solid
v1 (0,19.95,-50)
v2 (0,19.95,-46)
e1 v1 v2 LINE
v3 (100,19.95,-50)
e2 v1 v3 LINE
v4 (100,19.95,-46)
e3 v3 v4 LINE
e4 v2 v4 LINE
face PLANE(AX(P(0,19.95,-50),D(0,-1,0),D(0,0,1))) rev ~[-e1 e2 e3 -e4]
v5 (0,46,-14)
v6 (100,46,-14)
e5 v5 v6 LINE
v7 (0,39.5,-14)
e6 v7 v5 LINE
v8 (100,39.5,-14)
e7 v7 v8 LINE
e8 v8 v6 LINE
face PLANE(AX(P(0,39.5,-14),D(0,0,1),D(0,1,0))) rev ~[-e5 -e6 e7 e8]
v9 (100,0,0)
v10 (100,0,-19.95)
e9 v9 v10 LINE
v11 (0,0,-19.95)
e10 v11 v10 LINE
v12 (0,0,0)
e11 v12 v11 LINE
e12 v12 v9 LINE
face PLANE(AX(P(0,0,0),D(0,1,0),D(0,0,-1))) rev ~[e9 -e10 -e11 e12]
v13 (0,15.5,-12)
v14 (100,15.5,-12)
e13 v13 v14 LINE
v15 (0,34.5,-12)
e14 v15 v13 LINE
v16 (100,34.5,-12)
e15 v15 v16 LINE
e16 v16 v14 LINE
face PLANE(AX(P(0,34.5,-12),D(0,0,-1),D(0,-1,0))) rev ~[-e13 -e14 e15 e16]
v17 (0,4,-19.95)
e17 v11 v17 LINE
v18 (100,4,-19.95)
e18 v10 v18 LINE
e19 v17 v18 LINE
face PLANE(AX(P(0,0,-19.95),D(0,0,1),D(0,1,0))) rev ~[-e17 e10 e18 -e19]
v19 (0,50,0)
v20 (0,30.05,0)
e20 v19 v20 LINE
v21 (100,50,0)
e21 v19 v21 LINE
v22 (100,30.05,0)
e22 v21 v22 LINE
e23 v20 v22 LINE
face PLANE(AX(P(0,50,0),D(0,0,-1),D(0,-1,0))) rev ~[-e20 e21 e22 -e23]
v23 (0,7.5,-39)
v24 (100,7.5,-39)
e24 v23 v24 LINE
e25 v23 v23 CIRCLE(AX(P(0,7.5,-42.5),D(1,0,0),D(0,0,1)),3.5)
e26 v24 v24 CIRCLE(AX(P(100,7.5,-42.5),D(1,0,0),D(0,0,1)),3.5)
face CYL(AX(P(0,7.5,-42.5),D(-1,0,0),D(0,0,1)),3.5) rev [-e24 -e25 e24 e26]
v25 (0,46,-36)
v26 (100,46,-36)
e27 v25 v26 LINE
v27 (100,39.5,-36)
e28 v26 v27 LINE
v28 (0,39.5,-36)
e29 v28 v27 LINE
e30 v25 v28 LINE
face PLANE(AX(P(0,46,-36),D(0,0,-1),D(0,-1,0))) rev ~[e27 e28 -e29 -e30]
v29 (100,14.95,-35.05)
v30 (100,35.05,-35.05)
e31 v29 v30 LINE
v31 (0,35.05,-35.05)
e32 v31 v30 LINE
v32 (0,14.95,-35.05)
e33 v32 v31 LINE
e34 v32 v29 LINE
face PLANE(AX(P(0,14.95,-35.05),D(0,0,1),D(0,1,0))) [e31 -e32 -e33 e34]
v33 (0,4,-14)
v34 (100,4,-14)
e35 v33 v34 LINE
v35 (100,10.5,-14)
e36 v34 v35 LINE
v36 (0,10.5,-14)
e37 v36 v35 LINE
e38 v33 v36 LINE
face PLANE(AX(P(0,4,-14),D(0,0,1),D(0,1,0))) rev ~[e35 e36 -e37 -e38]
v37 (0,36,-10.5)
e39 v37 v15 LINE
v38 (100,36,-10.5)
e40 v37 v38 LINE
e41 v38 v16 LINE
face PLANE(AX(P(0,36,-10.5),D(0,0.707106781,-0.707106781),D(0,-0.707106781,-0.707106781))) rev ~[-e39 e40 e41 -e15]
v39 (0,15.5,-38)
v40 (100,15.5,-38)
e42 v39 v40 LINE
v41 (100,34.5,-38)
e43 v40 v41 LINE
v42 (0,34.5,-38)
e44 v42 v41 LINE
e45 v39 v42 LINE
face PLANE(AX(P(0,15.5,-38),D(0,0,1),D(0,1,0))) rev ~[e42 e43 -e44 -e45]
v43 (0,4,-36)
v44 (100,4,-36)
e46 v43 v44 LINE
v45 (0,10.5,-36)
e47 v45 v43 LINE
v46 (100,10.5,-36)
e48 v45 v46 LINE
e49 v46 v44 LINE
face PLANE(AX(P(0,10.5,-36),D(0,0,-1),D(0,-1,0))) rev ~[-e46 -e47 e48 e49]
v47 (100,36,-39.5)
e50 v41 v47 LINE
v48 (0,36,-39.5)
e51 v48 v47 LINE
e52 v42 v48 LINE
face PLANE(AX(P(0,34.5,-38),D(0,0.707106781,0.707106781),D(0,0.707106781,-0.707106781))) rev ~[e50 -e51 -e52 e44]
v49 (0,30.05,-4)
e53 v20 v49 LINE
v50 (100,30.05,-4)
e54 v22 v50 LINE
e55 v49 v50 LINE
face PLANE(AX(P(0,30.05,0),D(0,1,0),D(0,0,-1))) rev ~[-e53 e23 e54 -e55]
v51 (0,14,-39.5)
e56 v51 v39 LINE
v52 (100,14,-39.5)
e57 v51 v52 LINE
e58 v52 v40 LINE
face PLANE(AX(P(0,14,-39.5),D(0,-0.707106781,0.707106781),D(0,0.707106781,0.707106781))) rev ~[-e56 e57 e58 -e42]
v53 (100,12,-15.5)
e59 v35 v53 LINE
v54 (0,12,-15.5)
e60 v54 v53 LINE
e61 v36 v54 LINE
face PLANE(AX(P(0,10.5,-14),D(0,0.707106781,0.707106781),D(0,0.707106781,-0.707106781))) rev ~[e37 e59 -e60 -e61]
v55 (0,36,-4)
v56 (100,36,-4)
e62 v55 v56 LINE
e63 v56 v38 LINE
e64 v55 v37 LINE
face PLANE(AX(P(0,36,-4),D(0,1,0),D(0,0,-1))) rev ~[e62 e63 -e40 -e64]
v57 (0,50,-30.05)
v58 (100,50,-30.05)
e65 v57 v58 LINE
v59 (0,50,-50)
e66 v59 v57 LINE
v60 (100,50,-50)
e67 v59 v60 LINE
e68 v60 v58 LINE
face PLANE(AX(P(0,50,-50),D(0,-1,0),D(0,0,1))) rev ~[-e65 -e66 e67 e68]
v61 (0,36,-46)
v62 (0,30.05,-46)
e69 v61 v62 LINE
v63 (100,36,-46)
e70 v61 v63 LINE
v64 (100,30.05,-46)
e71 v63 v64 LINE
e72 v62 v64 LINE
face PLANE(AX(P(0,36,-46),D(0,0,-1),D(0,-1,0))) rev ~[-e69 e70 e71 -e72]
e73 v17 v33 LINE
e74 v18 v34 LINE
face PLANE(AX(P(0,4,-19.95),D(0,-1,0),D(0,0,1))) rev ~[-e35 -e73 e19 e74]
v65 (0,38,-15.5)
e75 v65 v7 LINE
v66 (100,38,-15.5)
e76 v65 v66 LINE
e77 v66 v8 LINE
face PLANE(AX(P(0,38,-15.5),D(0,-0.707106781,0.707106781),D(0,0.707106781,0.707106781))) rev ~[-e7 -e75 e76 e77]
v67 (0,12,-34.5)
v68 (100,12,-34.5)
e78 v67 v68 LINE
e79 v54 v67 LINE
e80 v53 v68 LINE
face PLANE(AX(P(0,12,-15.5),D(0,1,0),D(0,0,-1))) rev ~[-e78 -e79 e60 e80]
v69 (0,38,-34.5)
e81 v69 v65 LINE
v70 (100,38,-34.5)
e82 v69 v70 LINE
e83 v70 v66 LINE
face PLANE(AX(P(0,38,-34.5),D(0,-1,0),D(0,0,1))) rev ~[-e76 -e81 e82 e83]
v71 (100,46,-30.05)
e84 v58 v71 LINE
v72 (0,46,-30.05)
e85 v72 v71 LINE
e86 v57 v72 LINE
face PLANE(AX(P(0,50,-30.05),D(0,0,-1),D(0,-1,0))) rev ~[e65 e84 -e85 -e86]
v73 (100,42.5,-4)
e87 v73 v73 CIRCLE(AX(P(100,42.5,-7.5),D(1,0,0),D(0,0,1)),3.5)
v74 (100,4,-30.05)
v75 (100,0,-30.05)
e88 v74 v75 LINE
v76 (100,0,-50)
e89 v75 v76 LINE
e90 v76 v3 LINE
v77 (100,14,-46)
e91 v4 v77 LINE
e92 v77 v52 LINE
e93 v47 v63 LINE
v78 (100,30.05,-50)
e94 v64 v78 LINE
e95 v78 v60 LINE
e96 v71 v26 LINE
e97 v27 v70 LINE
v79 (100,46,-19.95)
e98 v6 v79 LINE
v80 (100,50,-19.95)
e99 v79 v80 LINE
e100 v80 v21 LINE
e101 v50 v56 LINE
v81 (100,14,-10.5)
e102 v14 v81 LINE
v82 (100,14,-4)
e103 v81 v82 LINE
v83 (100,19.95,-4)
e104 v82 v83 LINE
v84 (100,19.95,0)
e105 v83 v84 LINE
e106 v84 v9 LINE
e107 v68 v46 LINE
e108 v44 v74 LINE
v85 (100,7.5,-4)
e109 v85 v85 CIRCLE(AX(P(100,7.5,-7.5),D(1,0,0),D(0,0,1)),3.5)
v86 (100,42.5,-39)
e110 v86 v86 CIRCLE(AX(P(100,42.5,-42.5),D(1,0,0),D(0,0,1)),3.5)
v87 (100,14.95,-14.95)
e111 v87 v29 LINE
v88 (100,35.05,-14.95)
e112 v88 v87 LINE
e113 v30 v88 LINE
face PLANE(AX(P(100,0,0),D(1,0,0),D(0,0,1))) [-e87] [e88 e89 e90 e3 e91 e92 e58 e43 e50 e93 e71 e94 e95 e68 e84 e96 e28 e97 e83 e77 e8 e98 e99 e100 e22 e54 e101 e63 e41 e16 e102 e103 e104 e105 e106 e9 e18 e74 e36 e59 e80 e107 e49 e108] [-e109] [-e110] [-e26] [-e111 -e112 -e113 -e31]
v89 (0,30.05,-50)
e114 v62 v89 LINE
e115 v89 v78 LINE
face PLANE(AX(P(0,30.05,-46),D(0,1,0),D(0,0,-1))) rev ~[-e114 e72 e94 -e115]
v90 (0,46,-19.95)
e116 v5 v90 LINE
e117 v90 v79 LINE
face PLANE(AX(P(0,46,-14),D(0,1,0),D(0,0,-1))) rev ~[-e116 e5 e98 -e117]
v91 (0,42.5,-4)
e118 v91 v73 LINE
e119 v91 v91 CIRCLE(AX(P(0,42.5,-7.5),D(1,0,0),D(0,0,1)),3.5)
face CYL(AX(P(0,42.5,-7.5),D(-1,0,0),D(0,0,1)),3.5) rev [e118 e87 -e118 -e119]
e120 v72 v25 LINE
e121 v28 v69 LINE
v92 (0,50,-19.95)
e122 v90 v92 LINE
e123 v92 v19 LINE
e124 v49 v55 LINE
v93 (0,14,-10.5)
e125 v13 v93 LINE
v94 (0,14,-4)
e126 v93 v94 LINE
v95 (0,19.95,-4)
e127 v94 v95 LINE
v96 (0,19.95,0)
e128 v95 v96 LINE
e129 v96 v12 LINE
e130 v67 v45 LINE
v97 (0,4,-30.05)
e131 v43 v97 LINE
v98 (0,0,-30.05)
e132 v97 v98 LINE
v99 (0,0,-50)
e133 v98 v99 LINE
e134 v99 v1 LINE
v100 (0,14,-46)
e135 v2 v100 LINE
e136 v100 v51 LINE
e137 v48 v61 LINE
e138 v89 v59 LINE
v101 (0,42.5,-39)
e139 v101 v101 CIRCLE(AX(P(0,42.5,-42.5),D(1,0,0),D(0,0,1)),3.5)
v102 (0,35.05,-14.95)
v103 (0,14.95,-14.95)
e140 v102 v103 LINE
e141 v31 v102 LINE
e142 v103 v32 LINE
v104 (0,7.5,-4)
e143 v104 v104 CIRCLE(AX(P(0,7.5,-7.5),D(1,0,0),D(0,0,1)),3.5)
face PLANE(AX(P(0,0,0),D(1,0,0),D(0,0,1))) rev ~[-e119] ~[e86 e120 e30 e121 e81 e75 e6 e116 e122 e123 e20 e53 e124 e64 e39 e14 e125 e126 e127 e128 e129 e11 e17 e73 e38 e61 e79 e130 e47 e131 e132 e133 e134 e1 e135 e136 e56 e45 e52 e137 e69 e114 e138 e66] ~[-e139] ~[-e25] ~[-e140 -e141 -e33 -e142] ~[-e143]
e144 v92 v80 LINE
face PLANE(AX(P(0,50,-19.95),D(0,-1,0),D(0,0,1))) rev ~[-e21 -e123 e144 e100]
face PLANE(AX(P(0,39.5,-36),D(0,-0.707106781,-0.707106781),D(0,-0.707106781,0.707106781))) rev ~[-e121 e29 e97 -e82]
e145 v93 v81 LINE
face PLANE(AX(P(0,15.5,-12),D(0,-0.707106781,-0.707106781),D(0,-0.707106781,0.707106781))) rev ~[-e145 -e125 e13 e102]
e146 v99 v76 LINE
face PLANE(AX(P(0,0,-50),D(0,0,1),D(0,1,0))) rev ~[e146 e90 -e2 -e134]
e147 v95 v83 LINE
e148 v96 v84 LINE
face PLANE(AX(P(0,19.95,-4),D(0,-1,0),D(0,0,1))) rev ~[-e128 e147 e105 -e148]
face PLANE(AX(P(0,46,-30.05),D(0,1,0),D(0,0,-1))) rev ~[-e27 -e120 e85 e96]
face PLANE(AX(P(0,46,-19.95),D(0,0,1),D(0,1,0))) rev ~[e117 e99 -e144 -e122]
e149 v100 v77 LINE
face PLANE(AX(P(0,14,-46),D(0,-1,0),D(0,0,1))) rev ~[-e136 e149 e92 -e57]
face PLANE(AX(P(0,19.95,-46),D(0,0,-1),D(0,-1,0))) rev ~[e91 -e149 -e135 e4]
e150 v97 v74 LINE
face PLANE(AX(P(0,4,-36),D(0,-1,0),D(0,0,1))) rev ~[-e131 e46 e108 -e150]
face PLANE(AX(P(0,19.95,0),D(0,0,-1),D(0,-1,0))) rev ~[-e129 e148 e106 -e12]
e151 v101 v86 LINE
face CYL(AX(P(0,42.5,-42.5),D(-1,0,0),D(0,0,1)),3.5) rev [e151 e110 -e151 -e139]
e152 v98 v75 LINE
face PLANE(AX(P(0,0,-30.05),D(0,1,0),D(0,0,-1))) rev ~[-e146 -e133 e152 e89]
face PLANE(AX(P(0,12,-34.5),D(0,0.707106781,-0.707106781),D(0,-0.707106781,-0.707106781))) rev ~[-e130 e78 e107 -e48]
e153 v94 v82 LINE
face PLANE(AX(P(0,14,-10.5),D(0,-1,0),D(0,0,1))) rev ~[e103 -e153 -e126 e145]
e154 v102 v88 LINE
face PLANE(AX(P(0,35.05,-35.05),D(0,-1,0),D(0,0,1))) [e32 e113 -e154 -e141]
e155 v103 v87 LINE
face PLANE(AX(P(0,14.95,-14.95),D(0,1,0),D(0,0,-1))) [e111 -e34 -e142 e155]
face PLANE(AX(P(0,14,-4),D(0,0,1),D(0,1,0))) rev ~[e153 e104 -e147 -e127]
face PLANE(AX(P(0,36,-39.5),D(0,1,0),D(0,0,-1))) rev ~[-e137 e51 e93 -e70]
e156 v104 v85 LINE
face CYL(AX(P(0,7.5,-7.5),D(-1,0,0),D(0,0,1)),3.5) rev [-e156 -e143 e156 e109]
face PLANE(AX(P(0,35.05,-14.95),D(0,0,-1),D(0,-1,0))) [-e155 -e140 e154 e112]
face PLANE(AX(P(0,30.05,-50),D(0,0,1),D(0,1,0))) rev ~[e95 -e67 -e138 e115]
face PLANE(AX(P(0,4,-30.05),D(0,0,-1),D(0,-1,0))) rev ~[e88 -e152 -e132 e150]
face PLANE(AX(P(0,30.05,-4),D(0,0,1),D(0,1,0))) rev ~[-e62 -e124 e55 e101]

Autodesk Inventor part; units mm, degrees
ref_plane "YZ Plane" through (0, 0, 0) normal (1, 0, 0) x (0, 1, 0)
ref_plane "XZ Plane" through (0, 0, 0) normal (0, 1, 0) x (-1, 0, 0)
ref_plane "XY Plane" through (0, 0, 0) normal (0, 0, 1) x (1, 0, 0)
sketch "Skizze_1" plane through (0, 0, 0) normal (1, 0, 0) x (0, 0, 1)
  line L0 (0, 0) -> (-19.95, 0)
  line L1 (-19.95, 0) -> (-19.95, -4)
  line L2 (-19.95, -4) -> (-14, -4)
  line L3 (-14, -4) -> (-14, -10.5)
  line L4 (-14, -10.5) -> (-15.5, -12)
  line L5 (-15.5, -12) -> (-34.5, -12)
  line L6 (-34.5, -12) -> (-36, -10.5)
  line L7 (-36, -10.5) -> (-36, -4)
  line L8 (-36, -4) -> (-30.05, -4)
  line L9 (-30.05, -4) -> (-30.05, 0)
  line L10 (-30.05, 0) -> (-50, 0)
  line L11 (-50, 0) -> (-50, -19.95)
  line L12 (-50, -19.95) -> (-46, -19.95)
  line L13 (-46, -19.95) -> (-46, -14)
  line L14 (-46, -14) -> (-39.5, -14)
  line L15 (-39.5, -14) -> (-38, -15.5)
  line L16 (-38, -15.5) -> (-38, -34.5)
  line L17 (-38, -34.5) -> (-39.5, -36)
  line L18 (-39.5, -36) -> (-46, -36)
  line L19 (-46, -36) -> (-46, -30.05)
  line L20 (-46, -30.05) -> (-50, -30.05)
  line L21 (-50, -30.05) -> (-50, -50)
  line L22 (-50, -50) -> (-30.05, -50)
  line L23 (-30.05, -50) -> (-30.05, -46)
  line L24 (-30.05, -46) -> (-36, -46)
  line L25 (-36, -46) -> (-36, -39.5)
  line L26 (-36, -39.5) -> (-34.5, -38)
  line L27 (-34.5, -38) -> (-15.5, -38)
  line L28 (-15.5, -38) -> (-14, -39.5)
  line L29 (-14, -39.5) -> (-14, -46)
  line L30 (-14, -46) -> (-19.95, -46)
  line L31 (-19.95, -46) -> (-19.95, -50)
  line L32 (-19.95, -50) -> (0, -50)
  line L33 (0, -50) -> (0, -30.05)
  line L34 (0, -30.05) -> (-4, -30.05)
  line L35 (-4, -30.05) -> (-4, -36)
  line L36 (-4, -36) -> (-10.5, -36)
  line L37 (-10.5, -36) -> (-12, -34.5)
  line L38 (-12, -34.5) -> (-12, -15.5)
  line L39 (-12, -15.5) -> (-10.5, -14)
  line L40 (-10.5, -14) -> (-4, -14)
  line L41 (-4, -14) -> (-4, -19.95)
  line L42 (-4, -19.95) -> (0, -19.95)
  line L43 (0, -19.95) -> (0, 0)
  circle A0 centre (-42.5, -42.5) radius 3.5
  circle A1 centre (-42.5, -7.5) radius 3.5
  line L44 (-14.95, -35.05) -> (-14.95, -14.95)
  line L45 (-14.95, -14.95) -> (-35.05, -14.95)
  line L46 (-35.05, -14.95) -> (-35.05, -35.05)
  line L47 (-35.05, -35.05) -> (-14.95, -35.05)
  circle A2 centre (-7.5, -42.5) radius 3.5
  circle A3 centre (-7.5, -7.5) radius 3.5
extrude "MK, 50MM" add sketch "Skizze_1" along normal blind 100
properties part number "BAR, EXTRUDED ALUM, 50MMX50MM, MK, 2000 SERIES" material "Aluminum, 6061-T6"
